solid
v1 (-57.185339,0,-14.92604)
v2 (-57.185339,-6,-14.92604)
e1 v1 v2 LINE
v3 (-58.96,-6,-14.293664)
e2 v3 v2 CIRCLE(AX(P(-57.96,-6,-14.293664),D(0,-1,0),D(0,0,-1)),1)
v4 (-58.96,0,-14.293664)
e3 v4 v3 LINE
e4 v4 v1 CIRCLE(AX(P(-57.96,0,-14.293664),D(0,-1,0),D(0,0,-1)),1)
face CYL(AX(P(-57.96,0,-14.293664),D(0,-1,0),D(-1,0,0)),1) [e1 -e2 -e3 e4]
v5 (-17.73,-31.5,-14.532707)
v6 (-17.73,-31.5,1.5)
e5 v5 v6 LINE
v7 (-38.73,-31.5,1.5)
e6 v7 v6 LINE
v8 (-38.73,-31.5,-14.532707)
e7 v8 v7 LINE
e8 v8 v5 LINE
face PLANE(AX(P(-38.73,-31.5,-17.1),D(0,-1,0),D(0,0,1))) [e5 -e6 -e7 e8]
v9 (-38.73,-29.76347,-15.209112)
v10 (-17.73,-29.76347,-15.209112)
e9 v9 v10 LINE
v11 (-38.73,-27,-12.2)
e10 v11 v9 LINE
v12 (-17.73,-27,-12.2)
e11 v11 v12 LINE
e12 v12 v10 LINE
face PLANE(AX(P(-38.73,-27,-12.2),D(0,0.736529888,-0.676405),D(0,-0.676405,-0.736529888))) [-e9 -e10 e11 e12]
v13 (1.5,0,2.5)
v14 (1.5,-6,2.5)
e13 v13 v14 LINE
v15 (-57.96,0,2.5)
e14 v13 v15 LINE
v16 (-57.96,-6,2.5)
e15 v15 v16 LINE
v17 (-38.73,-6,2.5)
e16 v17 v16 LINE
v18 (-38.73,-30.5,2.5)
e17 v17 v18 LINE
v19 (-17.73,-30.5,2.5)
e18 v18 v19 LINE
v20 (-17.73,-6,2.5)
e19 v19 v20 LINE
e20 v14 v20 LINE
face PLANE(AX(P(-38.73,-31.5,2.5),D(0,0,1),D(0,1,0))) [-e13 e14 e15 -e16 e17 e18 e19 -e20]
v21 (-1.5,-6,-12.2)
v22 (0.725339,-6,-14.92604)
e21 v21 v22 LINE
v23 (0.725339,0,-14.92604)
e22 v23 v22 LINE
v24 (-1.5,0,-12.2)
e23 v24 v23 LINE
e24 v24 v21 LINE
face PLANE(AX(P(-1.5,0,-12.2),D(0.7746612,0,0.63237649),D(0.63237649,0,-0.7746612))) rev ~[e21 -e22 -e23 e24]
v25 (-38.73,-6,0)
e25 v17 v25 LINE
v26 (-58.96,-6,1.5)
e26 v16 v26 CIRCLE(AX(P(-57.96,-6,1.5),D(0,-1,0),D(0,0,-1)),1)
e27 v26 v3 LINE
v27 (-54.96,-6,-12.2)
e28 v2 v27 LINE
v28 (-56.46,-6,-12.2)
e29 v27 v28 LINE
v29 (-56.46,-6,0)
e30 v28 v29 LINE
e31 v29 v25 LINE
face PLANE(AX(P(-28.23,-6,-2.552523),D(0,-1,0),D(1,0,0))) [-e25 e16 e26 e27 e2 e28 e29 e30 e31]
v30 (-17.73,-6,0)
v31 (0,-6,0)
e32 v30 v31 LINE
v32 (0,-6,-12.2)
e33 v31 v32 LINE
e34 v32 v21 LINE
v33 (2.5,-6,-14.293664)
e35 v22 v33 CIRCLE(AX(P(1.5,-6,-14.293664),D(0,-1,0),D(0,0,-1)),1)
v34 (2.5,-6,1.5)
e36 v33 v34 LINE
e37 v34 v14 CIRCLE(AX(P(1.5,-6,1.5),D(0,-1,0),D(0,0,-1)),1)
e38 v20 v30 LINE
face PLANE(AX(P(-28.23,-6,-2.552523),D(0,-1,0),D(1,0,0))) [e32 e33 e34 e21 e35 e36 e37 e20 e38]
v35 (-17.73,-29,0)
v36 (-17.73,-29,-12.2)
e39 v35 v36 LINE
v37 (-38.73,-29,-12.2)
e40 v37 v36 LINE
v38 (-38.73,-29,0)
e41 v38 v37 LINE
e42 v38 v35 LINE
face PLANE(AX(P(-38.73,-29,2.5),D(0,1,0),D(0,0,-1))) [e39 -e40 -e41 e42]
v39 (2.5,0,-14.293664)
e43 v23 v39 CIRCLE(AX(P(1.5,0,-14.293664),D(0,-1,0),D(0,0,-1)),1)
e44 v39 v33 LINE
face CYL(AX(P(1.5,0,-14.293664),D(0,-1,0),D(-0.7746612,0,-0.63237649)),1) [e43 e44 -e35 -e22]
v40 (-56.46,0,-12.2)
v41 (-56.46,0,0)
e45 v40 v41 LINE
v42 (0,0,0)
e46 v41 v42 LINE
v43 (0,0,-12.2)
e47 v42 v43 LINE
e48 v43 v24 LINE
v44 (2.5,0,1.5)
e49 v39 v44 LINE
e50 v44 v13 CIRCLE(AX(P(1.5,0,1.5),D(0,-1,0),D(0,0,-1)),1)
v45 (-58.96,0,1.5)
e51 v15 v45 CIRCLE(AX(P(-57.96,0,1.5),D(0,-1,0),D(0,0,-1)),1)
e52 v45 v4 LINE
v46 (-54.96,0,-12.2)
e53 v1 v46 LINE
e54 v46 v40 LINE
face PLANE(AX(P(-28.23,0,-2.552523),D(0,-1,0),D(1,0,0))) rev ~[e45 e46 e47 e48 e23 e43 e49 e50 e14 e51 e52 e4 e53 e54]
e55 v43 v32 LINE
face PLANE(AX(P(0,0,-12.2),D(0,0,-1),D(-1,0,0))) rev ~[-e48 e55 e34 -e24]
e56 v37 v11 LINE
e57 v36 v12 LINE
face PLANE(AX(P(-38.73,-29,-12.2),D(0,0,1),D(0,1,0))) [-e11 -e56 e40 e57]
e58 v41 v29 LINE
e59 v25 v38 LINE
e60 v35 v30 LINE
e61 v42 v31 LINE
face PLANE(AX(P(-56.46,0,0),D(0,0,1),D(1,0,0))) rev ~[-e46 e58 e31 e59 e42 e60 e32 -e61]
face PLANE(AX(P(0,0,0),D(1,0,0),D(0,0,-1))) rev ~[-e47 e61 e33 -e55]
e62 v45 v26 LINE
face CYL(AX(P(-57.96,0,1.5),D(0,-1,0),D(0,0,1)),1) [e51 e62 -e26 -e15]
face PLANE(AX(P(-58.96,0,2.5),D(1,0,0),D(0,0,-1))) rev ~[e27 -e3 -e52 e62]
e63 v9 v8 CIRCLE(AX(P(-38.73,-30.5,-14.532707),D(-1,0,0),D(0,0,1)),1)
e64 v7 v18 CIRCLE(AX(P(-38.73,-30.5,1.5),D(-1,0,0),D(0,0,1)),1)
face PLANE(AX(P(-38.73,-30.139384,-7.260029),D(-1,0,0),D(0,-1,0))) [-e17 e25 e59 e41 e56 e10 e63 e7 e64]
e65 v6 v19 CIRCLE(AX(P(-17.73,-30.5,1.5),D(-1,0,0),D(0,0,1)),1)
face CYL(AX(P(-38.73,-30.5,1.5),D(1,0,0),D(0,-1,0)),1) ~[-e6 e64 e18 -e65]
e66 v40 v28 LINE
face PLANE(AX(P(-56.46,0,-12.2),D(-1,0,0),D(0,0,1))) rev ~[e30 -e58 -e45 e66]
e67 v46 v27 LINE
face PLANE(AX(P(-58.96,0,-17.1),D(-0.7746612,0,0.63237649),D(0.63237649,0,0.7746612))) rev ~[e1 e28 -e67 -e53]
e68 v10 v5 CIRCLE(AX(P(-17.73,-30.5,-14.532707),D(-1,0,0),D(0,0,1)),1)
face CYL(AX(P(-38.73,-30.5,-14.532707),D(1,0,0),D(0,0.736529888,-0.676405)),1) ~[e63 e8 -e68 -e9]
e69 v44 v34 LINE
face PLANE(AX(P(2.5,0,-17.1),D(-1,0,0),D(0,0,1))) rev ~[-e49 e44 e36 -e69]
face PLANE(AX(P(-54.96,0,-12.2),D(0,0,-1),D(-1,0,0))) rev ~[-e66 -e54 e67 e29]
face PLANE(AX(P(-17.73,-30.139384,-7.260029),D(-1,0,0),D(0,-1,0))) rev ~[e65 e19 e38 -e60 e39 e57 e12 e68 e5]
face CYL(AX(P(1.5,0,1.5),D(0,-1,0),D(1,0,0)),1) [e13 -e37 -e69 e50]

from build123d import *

# Parameters (mm, degrees)
F1_DEPTH = 6
F2_R     = 1
F4_DEPTH = 2.5
F6_DEPTH = 21
F7_R     = 1
F8_R     = 1


with BuildPart() as f1:
    # F0 (on Front) → F1 (new body)
    with BuildSketch(Plane.XZ):
        Polygon((0, 0), (0, -12.2), (-1.5, -12.2), (2.5, -17.1), (2.5, 0), (2.5, 2.5), (0, 2.5), (-16.5, 2.5), (-28.23, 2.5), (-39.96, 2.5), (-56.46, 2.5), (-58.96, 2.5), (-58.96, 0), (-58.96, -17.1), (-54.96, -12.2), (-56.46, -12.2), (-56.46, 0), (-46.36, 0), (-28.23, 0), (-10.1, 0), align=None)
    extrude(amount=F1_DEPTH)

    # F2
    f2_edges = [f1.edges().sort_by_distance(p)[0] for p in [
        (-58.96, -3, -17.1),
        (2.5, -3, -17.1),
        (-58.96, -3, 2.5),
        (2.5, -3, 2.5),
    ]]
    fillet(f2_edges, radius=F2_R)

    # F3 (on face) → F4 (join)
    with BuildSketch(Plane.XY.offset(2.5)):
        Polygon((-17.73, -6), (-38.73, -6), (-38.73, -29), (-28.23, -29), (-17.73, -29), align=None)
    extrude(amount=-F4_DEPTH)

    # F5 (on face) → F6 (join)
    with BuildSketch(Plane(origin=(-38.73, 0, 0), x_dir=(0, -1, 0), z_dir=(-1, 0, 0))):
        Polygon((31.5, 2.5), (29, 2.5), (29, -12.2), (27, -12.2), (31.5, -17.1), align=None)
    extrude(amount=-F6_DEPTH)

    # F7
    f7_edges = [f1.edges().sort_by_distance(p)[0] for p in [
        (-28.23, -31.5, -17.1),
    ]]
    fillet(f7_edges, radius=F7_R)

    # F8
    f8_edges = [f1.edges().sort_by_distance(p)[0] for p in [
        (-28.23, -31.5, 2.5),
    ]]
    fillet(f8_edges, radius=F8_R)


solid = f1.part
